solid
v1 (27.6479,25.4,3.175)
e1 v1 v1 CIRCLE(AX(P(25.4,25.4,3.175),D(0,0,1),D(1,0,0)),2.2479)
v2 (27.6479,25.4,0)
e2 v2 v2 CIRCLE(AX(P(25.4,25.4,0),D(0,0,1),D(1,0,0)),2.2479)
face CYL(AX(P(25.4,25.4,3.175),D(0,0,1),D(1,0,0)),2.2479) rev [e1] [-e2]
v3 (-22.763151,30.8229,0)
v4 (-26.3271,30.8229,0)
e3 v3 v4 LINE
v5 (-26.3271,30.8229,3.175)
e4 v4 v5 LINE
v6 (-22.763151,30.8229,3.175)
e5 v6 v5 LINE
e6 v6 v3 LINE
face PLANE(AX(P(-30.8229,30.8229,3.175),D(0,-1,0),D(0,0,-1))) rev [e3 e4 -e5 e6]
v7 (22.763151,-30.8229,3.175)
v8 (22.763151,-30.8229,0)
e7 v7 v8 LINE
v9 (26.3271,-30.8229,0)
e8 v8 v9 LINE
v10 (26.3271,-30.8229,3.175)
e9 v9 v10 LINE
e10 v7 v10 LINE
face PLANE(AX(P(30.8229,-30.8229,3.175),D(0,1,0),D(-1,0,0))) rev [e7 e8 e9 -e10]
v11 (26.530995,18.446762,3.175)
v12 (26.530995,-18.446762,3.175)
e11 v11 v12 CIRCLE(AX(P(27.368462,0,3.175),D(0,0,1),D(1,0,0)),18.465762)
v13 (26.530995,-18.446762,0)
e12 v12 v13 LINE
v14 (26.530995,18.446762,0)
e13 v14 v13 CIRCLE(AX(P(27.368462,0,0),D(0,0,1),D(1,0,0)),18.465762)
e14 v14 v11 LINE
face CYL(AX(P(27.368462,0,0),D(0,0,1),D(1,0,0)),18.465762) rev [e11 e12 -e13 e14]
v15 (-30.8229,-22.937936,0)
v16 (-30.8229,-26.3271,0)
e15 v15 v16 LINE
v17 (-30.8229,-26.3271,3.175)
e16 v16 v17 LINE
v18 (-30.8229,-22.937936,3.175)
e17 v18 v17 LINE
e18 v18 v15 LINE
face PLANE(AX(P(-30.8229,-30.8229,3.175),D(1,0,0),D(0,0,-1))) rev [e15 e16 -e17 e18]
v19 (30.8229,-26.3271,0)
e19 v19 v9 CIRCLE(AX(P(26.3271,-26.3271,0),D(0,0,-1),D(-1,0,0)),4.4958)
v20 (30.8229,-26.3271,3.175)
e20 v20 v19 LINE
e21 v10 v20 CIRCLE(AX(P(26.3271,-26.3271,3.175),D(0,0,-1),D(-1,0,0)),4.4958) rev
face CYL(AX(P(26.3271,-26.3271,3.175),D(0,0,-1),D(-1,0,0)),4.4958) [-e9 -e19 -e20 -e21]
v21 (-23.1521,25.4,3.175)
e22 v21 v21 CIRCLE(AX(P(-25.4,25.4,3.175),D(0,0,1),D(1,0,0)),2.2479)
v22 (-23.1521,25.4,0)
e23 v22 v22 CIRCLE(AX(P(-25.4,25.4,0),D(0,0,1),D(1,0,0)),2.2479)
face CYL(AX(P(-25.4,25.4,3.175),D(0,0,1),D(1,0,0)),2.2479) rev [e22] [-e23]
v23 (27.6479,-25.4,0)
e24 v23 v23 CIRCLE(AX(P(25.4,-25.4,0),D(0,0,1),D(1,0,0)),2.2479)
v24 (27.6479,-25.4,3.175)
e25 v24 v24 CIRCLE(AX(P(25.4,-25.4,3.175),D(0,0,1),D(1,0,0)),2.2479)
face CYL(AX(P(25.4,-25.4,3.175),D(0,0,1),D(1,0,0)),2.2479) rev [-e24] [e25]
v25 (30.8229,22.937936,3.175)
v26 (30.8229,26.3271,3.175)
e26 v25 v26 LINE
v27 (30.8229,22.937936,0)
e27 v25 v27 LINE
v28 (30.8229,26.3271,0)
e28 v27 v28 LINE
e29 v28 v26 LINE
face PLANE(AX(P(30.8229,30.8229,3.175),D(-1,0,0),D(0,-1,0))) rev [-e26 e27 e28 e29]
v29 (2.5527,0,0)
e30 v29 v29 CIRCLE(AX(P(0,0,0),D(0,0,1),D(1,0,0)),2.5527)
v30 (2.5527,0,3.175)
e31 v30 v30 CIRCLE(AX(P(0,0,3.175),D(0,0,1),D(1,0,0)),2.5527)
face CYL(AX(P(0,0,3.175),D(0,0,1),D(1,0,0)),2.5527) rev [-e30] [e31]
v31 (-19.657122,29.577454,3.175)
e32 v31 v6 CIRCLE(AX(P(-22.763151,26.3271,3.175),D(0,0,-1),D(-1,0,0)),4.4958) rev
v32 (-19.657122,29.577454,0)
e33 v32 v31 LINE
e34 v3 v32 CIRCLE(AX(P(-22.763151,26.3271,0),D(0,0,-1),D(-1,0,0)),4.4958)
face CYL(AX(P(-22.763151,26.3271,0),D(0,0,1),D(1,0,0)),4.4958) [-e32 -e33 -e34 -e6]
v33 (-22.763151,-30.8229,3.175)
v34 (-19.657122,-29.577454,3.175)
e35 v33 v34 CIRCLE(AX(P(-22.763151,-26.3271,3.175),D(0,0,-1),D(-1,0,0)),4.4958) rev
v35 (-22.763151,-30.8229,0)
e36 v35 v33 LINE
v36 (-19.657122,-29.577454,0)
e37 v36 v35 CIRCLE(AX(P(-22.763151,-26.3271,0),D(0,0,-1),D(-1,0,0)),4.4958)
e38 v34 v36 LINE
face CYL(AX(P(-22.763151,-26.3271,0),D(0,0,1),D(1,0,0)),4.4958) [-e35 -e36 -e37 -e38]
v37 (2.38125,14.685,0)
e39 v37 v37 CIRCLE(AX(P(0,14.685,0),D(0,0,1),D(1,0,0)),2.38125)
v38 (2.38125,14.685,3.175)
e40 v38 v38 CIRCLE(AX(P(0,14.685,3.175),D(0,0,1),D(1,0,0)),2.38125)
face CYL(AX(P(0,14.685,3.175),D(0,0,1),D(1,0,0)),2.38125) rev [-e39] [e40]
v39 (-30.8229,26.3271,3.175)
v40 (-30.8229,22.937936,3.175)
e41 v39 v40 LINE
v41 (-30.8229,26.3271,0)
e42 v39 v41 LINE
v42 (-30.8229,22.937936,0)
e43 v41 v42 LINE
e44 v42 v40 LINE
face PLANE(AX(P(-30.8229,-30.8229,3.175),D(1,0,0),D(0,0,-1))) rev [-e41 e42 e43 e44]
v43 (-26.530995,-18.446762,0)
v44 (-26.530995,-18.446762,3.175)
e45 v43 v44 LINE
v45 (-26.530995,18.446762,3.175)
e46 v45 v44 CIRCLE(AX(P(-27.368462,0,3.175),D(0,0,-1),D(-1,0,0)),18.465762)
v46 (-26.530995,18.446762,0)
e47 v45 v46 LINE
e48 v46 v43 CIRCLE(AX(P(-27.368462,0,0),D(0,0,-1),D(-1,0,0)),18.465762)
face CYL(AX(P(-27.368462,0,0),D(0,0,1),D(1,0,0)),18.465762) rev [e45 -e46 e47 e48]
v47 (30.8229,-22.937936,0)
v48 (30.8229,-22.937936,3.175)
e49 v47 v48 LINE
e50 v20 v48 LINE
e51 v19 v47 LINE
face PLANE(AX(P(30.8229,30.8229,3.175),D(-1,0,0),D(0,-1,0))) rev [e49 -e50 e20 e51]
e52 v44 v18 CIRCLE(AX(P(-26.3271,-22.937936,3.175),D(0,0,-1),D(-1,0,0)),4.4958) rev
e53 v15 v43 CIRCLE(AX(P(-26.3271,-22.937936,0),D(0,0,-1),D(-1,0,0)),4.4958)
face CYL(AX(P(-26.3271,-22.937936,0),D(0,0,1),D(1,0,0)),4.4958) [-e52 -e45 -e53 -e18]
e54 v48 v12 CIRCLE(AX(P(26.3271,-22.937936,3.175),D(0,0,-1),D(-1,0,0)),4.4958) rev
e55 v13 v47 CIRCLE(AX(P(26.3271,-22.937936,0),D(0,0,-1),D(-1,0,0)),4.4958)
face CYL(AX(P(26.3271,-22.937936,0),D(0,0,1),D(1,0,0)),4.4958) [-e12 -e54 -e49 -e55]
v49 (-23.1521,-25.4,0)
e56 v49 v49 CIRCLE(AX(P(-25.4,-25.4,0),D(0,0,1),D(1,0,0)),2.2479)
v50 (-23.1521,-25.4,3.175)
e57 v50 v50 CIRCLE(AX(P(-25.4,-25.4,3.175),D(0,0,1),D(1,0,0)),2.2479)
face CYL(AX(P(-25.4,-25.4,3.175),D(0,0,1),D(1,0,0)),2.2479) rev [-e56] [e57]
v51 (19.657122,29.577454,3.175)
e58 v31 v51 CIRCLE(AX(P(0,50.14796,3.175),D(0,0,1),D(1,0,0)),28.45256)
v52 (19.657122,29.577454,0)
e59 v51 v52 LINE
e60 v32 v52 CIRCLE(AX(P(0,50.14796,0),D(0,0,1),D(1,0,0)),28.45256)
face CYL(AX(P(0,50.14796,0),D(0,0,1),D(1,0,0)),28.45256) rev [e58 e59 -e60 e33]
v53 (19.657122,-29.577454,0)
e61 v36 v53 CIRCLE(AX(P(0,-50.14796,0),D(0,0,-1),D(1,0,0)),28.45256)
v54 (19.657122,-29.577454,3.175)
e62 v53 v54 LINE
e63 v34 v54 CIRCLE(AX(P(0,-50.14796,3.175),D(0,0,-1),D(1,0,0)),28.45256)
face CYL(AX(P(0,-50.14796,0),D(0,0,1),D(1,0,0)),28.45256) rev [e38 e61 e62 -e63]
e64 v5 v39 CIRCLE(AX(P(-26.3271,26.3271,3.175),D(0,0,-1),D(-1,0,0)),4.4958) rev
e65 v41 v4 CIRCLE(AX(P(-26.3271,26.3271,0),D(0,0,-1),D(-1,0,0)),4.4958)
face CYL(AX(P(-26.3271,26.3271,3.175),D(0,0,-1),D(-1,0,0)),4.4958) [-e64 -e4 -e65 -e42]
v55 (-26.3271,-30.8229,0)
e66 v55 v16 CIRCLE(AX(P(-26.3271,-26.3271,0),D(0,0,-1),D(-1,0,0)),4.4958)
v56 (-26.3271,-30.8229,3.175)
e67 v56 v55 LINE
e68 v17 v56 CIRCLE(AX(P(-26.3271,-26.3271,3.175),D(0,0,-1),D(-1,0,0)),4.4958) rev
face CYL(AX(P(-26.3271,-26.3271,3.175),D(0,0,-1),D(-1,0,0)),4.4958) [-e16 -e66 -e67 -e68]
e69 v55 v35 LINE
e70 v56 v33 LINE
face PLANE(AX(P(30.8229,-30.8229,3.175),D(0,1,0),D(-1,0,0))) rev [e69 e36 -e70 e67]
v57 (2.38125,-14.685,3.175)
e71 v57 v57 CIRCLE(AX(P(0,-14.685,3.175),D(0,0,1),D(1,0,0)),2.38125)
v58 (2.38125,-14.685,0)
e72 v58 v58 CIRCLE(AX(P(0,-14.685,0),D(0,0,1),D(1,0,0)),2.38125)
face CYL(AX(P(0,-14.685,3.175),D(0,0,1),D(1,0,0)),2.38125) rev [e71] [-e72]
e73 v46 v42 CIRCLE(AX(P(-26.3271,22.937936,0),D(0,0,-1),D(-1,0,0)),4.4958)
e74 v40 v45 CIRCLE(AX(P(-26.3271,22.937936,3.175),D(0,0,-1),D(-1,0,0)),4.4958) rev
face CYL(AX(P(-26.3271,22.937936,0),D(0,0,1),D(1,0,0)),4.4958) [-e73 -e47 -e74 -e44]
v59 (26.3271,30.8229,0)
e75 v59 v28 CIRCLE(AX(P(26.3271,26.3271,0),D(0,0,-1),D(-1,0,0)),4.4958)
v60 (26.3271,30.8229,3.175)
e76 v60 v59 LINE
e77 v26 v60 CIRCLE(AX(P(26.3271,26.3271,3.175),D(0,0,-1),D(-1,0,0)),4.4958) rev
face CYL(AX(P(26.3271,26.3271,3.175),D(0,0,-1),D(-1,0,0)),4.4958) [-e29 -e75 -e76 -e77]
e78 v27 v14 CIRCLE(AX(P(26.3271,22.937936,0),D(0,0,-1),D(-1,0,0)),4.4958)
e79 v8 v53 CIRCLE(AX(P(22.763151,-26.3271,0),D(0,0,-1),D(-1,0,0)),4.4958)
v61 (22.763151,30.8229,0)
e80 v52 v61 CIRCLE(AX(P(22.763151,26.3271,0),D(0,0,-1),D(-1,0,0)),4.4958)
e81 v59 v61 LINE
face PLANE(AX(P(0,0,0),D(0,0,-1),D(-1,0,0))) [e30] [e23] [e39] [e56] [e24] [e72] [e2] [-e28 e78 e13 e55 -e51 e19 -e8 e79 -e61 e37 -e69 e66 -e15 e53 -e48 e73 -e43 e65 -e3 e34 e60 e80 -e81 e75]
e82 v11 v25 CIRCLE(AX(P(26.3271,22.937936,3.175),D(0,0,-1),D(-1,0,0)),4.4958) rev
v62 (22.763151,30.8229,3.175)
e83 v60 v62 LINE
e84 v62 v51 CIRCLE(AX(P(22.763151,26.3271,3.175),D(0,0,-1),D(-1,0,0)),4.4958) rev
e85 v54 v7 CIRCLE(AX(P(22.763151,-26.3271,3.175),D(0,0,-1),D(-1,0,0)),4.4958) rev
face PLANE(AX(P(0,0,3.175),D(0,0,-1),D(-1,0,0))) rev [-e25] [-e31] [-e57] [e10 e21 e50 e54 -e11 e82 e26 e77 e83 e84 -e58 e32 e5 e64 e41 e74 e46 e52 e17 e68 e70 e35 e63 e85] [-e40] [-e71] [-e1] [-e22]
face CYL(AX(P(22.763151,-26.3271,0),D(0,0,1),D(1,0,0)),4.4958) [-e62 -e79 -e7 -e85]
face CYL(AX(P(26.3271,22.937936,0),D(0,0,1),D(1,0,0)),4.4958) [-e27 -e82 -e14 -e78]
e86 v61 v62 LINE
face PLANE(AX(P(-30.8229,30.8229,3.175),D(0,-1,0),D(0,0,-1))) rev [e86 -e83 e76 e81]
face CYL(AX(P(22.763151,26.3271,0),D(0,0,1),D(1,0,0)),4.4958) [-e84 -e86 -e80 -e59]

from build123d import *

# Parameters (mm, degrees)
SKETCH1_W                      = 61.6458
SKETCH1_H                      = 61.6458
BOSS_EXTRUDE1_DEPTH            = 3.175
F_3_16_0_1875_DIAMETER_HOLE1_D = 4.7625
F_8_CLEARANCE_HOLE1_D          = 4.4958
F_10_CLEARANCE_HOLE2_D         = 5.1054
FILLET1_R                      = 4.4958
SKETCH9_R                      = 28.452559636
CUT_EXTRUDE2_DEPTH             = 4.175
SKETCH9_4_R                    = 18.465762264
CUT_EXTRUDE3_DEPTH             = 4.175
FILLET3_R                      = 4.4958


with BuildPart() as part:
    # Sketch1 → Boss-Extrude1 (new body)
    with BuildSketch(Plane.XY):
        Rectangle(SKETCH1_W, SKETCH1_H)
    extrude(amount=BOSS_EXTRUDE1_DEPTH)

    # 3/16 (0.1875) Diameter Hole1 (through all)
    with Locations(Plane.XY.offset(3.175)):
        with Locations((0, -14.685), (0, 14.685)):
            Hole(F_3_16_0_1875_DIAMETER_HOLE1_D / 2)

    # #8 Clearance Hole1 (through all)
    with Locations(Plane.XY.offset(3.175)):
        with Locations((-25.4, 25.4), (-25.4, -25.4), (25.4, -25.4), (25.4, 25.4)):
            Hole(F_8_CLEARANCE_HOLE1_D / 2)

    # #10 Clearance Hole2 (through all)
    with Locations(Plane.XY.offset(3.175)):
        with Locations((0, 0)):
            Hole(F_10_CLEARANCE_HOLE2_D / 2)

    # Fillet1
    fillet1_edges = [part.edges().sort_by_distance(p)[0] for p in [
        (-30.8229, 30.8229, 1.5875),
        (30.8229, 30.8229, 1.5875),
        (30.8229, -30.8229, 1.5875),
        (-30.8229, -30.8229, 1.5875),
    ]]
    fillet(fillet1_edges, radius=FILLET1_R)

    # Sketch9 → Cut-Extrude2 (cut, through all)
    with BuildSketch(Plane.XY.offset(3.175)):
        with Locations((0, 50.147959636)):
            Circle(SKETCH9_R)
    cut_extrude2 = extrude(amount=-CUT_EXTRUDE2_DEPTH, mode=Mode.SUBTRACT)

    # Sketch9<4> → Cut-Extrude3 (cut, through all)
    with BuildSketch(Plane.XY.offset(3.175)):
        with Locations((27.368462264, 0)):
            Circle(SKETCH9_4_R)
    cut_extrude3 = extrude(amount=-CUT_EXTRUDE3_DEPTH, mode=Mode.SUBTRACT)

    # Mirror1: Cut-Extrude2 across plane
    add(cut_extrude2.mirror(Plane.ZX), mode=Mode.SUBTRACT)

    # Mirror2: Cut-Extrude3 across plane
    add(cut_extrude3.mirror(Plane(origin=(0, 0, 0), x_dir=(0, 0, 1), z_dir=(1, 0, 0))), mode=Mode.SUBTRACT)

    # Fillet3
    fillet3_edges = [part.edges().sort_by_distance(p)[0] for p in [
        (-30.8229, 18.139769456, 1.5875),
        (-30.8229, -18.139769456, 1.5875),
        (20.882773281, 30.8229, 1.5875),
        (-20.882773281, 30.8229, 1.5875),
        (30.8229, -18.139769456, 1.5875),
        (30.8229, 18.139769456, 1.5875),
        (-20.882773281, -30.8229, 1.5875),
        (20.882773281, -30.8229, 1.5875),
    ]]
    fillet(fillet3_edges, radius=FILLET3_R)


solid = part.part
